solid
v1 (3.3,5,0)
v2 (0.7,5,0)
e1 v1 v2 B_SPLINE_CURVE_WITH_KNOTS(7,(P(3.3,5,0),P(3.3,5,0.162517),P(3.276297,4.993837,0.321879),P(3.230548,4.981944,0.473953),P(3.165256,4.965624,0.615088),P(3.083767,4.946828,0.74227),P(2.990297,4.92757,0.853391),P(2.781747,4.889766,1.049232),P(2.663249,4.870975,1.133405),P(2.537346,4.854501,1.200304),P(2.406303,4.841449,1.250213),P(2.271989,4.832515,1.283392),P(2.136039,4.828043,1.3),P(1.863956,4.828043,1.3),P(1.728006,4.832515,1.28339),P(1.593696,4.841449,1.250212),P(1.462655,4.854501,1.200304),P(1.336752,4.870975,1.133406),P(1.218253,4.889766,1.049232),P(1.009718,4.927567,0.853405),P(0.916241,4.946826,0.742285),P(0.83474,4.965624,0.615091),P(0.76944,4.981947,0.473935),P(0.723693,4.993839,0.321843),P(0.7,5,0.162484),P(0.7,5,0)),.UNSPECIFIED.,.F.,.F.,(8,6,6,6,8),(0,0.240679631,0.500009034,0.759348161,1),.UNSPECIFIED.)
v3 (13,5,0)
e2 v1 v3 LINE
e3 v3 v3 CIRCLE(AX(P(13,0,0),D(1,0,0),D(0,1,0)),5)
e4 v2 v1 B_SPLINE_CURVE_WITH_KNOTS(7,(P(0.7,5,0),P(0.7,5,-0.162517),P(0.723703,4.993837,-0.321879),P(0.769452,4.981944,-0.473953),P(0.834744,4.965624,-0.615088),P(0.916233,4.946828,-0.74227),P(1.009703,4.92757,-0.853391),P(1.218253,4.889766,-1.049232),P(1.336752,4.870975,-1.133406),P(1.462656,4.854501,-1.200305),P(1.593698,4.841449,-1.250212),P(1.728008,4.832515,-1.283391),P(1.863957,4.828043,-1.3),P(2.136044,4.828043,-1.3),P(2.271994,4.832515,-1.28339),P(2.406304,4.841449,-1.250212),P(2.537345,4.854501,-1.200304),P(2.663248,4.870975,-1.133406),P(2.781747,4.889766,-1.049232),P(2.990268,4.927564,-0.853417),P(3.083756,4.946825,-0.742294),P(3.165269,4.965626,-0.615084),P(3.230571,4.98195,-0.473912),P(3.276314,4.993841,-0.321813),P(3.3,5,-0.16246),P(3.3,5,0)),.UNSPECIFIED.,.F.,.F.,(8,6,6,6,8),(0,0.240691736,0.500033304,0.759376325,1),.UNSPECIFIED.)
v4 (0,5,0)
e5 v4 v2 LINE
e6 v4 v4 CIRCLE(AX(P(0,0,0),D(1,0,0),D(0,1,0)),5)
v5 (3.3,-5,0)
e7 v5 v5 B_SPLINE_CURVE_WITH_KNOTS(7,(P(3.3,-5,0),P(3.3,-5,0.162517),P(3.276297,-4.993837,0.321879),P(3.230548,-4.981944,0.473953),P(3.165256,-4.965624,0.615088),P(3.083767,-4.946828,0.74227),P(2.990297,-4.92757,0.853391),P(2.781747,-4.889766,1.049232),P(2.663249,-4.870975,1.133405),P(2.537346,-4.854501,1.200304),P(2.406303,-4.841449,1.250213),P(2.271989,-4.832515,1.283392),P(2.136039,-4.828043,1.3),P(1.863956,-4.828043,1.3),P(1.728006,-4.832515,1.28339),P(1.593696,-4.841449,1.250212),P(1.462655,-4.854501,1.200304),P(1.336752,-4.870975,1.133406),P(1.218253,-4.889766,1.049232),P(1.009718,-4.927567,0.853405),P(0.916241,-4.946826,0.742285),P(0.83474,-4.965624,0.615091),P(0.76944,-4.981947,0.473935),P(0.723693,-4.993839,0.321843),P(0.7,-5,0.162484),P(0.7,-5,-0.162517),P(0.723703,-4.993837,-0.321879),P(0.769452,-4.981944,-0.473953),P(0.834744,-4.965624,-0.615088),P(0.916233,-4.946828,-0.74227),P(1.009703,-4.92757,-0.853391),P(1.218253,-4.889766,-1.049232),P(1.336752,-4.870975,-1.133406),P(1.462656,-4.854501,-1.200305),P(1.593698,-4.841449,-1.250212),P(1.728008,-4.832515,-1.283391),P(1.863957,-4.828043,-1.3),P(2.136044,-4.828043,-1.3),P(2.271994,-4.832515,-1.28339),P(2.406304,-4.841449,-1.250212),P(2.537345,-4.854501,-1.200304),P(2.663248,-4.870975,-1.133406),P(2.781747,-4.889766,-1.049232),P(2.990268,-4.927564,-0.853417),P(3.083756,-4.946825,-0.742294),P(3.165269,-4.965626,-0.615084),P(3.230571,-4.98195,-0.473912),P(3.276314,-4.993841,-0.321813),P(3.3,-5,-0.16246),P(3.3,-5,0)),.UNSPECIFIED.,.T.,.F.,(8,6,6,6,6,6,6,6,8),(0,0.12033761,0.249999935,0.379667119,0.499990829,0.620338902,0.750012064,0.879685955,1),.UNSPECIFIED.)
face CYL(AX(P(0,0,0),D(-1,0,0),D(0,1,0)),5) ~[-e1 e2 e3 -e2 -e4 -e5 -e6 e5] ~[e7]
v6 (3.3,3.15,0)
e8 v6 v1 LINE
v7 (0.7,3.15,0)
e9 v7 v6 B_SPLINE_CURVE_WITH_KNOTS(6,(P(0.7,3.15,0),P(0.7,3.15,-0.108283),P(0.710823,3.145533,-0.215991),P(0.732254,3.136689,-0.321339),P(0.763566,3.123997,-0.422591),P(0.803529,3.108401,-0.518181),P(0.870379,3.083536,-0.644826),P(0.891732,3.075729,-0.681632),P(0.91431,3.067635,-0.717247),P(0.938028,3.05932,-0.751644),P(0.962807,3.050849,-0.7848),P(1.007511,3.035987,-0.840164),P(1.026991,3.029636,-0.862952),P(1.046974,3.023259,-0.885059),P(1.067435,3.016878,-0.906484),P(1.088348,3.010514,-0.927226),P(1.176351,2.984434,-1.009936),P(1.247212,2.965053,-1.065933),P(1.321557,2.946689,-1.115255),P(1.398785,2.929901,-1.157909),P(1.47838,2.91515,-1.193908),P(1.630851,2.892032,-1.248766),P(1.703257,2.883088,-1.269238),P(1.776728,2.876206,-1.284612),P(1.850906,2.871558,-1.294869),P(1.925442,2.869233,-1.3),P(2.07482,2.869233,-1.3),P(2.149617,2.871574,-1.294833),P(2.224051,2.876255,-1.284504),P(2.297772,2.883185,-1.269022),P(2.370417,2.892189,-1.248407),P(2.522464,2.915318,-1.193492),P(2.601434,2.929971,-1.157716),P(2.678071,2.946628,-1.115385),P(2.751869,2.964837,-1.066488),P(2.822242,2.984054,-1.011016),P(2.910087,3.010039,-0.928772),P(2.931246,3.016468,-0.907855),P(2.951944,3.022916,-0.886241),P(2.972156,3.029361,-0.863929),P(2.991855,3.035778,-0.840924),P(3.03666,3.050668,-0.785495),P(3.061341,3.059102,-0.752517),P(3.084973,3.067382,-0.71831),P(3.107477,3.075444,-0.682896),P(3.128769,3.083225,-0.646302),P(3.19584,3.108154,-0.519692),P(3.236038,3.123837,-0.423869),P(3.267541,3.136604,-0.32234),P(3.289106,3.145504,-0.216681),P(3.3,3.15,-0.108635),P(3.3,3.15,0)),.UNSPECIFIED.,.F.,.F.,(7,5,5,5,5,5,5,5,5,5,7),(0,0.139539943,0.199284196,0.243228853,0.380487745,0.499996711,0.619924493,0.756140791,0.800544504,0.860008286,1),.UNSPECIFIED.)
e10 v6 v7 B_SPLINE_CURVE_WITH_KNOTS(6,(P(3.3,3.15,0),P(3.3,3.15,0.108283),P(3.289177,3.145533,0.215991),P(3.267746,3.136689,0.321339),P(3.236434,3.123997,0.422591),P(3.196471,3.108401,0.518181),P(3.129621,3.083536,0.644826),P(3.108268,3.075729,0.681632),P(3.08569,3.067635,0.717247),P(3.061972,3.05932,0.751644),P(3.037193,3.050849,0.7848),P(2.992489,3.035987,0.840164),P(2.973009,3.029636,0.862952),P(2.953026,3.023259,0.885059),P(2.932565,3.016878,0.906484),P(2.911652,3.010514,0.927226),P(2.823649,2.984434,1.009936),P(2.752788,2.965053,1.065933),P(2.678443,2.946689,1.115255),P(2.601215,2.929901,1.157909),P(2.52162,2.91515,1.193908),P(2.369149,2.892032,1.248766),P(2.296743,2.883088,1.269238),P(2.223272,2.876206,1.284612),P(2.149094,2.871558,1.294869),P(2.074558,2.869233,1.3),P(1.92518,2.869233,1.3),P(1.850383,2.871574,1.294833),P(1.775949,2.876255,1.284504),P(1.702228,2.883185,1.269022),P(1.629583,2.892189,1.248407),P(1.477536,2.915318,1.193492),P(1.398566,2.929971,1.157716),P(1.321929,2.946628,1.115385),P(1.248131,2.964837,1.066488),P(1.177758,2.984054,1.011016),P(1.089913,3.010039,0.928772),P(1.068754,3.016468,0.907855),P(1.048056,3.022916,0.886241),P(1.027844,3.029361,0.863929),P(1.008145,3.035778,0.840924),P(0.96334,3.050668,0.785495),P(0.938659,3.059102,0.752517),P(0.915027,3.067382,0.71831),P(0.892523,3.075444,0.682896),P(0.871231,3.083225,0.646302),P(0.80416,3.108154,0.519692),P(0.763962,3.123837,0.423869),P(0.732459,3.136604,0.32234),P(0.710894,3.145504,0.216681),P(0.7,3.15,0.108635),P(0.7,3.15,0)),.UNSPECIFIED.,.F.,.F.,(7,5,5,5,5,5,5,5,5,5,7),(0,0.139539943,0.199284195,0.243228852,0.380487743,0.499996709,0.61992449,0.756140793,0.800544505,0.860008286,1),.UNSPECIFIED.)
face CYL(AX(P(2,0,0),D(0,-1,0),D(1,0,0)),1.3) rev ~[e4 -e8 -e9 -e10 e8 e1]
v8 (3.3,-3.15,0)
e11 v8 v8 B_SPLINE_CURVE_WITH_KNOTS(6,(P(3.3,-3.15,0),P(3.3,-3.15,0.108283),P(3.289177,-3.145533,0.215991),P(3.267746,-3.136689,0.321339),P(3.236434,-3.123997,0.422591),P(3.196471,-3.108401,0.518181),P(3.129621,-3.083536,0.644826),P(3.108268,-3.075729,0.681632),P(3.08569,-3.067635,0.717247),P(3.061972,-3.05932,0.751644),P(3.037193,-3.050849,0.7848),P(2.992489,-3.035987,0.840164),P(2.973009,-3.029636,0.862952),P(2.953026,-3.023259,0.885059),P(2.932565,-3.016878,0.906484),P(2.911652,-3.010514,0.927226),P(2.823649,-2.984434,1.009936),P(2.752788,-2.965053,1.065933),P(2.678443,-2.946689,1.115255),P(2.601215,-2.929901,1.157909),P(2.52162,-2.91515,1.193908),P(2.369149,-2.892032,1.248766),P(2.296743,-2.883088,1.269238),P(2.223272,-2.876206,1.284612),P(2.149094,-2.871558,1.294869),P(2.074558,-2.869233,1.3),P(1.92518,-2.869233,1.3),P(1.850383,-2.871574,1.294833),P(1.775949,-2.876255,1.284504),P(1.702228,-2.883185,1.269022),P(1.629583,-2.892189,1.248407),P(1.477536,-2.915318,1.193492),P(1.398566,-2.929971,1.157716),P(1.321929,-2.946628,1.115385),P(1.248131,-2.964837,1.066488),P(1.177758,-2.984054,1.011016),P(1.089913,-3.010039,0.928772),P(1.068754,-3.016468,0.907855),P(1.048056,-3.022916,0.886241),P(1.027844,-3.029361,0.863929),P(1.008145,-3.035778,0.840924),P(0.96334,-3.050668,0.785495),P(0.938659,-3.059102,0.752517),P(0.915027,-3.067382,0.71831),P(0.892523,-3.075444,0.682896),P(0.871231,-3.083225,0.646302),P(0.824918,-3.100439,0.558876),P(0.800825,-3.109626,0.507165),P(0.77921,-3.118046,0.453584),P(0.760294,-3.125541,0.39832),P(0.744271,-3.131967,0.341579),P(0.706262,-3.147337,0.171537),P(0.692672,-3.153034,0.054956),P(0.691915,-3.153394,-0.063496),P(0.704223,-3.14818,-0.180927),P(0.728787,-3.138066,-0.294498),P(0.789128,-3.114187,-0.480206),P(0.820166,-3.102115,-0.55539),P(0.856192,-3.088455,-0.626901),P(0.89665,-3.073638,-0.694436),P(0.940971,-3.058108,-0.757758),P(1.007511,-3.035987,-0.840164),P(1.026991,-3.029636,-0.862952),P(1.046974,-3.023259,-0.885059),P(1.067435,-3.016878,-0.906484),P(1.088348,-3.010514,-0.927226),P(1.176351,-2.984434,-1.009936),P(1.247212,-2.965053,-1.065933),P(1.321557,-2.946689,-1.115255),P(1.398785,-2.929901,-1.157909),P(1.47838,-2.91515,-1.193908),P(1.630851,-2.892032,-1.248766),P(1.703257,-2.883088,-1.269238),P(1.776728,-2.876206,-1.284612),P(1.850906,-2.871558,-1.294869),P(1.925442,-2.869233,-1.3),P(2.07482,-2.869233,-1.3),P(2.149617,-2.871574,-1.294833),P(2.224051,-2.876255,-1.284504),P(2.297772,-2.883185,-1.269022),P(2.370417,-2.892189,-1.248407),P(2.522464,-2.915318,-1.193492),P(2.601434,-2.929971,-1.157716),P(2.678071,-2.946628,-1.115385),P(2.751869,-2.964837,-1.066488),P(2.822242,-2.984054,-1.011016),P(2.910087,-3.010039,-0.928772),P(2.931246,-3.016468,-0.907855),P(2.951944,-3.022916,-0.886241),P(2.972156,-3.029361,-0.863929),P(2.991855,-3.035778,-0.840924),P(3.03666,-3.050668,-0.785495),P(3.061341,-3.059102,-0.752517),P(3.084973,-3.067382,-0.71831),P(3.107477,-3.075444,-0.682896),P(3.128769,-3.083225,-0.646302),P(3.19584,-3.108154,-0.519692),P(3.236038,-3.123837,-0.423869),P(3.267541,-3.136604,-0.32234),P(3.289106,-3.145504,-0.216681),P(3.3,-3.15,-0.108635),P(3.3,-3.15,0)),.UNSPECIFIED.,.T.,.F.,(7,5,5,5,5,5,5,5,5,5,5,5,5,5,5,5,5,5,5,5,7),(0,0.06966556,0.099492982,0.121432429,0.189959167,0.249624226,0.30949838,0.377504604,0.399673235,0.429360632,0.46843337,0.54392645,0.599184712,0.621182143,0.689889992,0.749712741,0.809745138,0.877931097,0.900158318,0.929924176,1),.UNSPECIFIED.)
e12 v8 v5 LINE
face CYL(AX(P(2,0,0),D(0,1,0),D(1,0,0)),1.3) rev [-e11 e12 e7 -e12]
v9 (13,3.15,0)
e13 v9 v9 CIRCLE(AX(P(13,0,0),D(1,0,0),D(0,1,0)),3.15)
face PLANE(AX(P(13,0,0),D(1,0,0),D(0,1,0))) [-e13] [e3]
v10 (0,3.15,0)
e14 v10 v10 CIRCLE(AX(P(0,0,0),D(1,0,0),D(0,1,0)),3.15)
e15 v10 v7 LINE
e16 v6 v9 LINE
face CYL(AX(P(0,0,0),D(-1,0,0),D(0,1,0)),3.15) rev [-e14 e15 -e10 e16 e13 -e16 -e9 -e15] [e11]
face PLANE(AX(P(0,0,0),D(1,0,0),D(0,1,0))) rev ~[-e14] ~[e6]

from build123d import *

# Parameters (mm, degrees)
F0_R          = 5
F0_R_2        = 3.15
F1_DEPTH      = 13
F2_R          = 1.3
F3_DEPTH      = 5.001
F3_DEPTH_BACK = 5.001


with BuildPart() as f1:
    # F0 (on Right) → F1 (new body)
    with BuildSketch(Plane.YZ):
        Circle(F0_R)
        Circle(F0_R_2, mode=Mode.SUBTRACT)
    extrude(amount=F1_DEPTH)

    # F2 (on Front) → F3 (cut, two sides)
    with BuildSketch(Plane.XZ) as f3_sk:
        with Locations((2, 0)):
            Circle(F2_R)
    extrude(amount=-F3_DEPTH, mode=Mode.SUBTRACT)
    extrude(f3_sk.sketch, amount=F3_DEPTH_BACK, mode=Mode.SUBTRACT)


solid = f1.part
